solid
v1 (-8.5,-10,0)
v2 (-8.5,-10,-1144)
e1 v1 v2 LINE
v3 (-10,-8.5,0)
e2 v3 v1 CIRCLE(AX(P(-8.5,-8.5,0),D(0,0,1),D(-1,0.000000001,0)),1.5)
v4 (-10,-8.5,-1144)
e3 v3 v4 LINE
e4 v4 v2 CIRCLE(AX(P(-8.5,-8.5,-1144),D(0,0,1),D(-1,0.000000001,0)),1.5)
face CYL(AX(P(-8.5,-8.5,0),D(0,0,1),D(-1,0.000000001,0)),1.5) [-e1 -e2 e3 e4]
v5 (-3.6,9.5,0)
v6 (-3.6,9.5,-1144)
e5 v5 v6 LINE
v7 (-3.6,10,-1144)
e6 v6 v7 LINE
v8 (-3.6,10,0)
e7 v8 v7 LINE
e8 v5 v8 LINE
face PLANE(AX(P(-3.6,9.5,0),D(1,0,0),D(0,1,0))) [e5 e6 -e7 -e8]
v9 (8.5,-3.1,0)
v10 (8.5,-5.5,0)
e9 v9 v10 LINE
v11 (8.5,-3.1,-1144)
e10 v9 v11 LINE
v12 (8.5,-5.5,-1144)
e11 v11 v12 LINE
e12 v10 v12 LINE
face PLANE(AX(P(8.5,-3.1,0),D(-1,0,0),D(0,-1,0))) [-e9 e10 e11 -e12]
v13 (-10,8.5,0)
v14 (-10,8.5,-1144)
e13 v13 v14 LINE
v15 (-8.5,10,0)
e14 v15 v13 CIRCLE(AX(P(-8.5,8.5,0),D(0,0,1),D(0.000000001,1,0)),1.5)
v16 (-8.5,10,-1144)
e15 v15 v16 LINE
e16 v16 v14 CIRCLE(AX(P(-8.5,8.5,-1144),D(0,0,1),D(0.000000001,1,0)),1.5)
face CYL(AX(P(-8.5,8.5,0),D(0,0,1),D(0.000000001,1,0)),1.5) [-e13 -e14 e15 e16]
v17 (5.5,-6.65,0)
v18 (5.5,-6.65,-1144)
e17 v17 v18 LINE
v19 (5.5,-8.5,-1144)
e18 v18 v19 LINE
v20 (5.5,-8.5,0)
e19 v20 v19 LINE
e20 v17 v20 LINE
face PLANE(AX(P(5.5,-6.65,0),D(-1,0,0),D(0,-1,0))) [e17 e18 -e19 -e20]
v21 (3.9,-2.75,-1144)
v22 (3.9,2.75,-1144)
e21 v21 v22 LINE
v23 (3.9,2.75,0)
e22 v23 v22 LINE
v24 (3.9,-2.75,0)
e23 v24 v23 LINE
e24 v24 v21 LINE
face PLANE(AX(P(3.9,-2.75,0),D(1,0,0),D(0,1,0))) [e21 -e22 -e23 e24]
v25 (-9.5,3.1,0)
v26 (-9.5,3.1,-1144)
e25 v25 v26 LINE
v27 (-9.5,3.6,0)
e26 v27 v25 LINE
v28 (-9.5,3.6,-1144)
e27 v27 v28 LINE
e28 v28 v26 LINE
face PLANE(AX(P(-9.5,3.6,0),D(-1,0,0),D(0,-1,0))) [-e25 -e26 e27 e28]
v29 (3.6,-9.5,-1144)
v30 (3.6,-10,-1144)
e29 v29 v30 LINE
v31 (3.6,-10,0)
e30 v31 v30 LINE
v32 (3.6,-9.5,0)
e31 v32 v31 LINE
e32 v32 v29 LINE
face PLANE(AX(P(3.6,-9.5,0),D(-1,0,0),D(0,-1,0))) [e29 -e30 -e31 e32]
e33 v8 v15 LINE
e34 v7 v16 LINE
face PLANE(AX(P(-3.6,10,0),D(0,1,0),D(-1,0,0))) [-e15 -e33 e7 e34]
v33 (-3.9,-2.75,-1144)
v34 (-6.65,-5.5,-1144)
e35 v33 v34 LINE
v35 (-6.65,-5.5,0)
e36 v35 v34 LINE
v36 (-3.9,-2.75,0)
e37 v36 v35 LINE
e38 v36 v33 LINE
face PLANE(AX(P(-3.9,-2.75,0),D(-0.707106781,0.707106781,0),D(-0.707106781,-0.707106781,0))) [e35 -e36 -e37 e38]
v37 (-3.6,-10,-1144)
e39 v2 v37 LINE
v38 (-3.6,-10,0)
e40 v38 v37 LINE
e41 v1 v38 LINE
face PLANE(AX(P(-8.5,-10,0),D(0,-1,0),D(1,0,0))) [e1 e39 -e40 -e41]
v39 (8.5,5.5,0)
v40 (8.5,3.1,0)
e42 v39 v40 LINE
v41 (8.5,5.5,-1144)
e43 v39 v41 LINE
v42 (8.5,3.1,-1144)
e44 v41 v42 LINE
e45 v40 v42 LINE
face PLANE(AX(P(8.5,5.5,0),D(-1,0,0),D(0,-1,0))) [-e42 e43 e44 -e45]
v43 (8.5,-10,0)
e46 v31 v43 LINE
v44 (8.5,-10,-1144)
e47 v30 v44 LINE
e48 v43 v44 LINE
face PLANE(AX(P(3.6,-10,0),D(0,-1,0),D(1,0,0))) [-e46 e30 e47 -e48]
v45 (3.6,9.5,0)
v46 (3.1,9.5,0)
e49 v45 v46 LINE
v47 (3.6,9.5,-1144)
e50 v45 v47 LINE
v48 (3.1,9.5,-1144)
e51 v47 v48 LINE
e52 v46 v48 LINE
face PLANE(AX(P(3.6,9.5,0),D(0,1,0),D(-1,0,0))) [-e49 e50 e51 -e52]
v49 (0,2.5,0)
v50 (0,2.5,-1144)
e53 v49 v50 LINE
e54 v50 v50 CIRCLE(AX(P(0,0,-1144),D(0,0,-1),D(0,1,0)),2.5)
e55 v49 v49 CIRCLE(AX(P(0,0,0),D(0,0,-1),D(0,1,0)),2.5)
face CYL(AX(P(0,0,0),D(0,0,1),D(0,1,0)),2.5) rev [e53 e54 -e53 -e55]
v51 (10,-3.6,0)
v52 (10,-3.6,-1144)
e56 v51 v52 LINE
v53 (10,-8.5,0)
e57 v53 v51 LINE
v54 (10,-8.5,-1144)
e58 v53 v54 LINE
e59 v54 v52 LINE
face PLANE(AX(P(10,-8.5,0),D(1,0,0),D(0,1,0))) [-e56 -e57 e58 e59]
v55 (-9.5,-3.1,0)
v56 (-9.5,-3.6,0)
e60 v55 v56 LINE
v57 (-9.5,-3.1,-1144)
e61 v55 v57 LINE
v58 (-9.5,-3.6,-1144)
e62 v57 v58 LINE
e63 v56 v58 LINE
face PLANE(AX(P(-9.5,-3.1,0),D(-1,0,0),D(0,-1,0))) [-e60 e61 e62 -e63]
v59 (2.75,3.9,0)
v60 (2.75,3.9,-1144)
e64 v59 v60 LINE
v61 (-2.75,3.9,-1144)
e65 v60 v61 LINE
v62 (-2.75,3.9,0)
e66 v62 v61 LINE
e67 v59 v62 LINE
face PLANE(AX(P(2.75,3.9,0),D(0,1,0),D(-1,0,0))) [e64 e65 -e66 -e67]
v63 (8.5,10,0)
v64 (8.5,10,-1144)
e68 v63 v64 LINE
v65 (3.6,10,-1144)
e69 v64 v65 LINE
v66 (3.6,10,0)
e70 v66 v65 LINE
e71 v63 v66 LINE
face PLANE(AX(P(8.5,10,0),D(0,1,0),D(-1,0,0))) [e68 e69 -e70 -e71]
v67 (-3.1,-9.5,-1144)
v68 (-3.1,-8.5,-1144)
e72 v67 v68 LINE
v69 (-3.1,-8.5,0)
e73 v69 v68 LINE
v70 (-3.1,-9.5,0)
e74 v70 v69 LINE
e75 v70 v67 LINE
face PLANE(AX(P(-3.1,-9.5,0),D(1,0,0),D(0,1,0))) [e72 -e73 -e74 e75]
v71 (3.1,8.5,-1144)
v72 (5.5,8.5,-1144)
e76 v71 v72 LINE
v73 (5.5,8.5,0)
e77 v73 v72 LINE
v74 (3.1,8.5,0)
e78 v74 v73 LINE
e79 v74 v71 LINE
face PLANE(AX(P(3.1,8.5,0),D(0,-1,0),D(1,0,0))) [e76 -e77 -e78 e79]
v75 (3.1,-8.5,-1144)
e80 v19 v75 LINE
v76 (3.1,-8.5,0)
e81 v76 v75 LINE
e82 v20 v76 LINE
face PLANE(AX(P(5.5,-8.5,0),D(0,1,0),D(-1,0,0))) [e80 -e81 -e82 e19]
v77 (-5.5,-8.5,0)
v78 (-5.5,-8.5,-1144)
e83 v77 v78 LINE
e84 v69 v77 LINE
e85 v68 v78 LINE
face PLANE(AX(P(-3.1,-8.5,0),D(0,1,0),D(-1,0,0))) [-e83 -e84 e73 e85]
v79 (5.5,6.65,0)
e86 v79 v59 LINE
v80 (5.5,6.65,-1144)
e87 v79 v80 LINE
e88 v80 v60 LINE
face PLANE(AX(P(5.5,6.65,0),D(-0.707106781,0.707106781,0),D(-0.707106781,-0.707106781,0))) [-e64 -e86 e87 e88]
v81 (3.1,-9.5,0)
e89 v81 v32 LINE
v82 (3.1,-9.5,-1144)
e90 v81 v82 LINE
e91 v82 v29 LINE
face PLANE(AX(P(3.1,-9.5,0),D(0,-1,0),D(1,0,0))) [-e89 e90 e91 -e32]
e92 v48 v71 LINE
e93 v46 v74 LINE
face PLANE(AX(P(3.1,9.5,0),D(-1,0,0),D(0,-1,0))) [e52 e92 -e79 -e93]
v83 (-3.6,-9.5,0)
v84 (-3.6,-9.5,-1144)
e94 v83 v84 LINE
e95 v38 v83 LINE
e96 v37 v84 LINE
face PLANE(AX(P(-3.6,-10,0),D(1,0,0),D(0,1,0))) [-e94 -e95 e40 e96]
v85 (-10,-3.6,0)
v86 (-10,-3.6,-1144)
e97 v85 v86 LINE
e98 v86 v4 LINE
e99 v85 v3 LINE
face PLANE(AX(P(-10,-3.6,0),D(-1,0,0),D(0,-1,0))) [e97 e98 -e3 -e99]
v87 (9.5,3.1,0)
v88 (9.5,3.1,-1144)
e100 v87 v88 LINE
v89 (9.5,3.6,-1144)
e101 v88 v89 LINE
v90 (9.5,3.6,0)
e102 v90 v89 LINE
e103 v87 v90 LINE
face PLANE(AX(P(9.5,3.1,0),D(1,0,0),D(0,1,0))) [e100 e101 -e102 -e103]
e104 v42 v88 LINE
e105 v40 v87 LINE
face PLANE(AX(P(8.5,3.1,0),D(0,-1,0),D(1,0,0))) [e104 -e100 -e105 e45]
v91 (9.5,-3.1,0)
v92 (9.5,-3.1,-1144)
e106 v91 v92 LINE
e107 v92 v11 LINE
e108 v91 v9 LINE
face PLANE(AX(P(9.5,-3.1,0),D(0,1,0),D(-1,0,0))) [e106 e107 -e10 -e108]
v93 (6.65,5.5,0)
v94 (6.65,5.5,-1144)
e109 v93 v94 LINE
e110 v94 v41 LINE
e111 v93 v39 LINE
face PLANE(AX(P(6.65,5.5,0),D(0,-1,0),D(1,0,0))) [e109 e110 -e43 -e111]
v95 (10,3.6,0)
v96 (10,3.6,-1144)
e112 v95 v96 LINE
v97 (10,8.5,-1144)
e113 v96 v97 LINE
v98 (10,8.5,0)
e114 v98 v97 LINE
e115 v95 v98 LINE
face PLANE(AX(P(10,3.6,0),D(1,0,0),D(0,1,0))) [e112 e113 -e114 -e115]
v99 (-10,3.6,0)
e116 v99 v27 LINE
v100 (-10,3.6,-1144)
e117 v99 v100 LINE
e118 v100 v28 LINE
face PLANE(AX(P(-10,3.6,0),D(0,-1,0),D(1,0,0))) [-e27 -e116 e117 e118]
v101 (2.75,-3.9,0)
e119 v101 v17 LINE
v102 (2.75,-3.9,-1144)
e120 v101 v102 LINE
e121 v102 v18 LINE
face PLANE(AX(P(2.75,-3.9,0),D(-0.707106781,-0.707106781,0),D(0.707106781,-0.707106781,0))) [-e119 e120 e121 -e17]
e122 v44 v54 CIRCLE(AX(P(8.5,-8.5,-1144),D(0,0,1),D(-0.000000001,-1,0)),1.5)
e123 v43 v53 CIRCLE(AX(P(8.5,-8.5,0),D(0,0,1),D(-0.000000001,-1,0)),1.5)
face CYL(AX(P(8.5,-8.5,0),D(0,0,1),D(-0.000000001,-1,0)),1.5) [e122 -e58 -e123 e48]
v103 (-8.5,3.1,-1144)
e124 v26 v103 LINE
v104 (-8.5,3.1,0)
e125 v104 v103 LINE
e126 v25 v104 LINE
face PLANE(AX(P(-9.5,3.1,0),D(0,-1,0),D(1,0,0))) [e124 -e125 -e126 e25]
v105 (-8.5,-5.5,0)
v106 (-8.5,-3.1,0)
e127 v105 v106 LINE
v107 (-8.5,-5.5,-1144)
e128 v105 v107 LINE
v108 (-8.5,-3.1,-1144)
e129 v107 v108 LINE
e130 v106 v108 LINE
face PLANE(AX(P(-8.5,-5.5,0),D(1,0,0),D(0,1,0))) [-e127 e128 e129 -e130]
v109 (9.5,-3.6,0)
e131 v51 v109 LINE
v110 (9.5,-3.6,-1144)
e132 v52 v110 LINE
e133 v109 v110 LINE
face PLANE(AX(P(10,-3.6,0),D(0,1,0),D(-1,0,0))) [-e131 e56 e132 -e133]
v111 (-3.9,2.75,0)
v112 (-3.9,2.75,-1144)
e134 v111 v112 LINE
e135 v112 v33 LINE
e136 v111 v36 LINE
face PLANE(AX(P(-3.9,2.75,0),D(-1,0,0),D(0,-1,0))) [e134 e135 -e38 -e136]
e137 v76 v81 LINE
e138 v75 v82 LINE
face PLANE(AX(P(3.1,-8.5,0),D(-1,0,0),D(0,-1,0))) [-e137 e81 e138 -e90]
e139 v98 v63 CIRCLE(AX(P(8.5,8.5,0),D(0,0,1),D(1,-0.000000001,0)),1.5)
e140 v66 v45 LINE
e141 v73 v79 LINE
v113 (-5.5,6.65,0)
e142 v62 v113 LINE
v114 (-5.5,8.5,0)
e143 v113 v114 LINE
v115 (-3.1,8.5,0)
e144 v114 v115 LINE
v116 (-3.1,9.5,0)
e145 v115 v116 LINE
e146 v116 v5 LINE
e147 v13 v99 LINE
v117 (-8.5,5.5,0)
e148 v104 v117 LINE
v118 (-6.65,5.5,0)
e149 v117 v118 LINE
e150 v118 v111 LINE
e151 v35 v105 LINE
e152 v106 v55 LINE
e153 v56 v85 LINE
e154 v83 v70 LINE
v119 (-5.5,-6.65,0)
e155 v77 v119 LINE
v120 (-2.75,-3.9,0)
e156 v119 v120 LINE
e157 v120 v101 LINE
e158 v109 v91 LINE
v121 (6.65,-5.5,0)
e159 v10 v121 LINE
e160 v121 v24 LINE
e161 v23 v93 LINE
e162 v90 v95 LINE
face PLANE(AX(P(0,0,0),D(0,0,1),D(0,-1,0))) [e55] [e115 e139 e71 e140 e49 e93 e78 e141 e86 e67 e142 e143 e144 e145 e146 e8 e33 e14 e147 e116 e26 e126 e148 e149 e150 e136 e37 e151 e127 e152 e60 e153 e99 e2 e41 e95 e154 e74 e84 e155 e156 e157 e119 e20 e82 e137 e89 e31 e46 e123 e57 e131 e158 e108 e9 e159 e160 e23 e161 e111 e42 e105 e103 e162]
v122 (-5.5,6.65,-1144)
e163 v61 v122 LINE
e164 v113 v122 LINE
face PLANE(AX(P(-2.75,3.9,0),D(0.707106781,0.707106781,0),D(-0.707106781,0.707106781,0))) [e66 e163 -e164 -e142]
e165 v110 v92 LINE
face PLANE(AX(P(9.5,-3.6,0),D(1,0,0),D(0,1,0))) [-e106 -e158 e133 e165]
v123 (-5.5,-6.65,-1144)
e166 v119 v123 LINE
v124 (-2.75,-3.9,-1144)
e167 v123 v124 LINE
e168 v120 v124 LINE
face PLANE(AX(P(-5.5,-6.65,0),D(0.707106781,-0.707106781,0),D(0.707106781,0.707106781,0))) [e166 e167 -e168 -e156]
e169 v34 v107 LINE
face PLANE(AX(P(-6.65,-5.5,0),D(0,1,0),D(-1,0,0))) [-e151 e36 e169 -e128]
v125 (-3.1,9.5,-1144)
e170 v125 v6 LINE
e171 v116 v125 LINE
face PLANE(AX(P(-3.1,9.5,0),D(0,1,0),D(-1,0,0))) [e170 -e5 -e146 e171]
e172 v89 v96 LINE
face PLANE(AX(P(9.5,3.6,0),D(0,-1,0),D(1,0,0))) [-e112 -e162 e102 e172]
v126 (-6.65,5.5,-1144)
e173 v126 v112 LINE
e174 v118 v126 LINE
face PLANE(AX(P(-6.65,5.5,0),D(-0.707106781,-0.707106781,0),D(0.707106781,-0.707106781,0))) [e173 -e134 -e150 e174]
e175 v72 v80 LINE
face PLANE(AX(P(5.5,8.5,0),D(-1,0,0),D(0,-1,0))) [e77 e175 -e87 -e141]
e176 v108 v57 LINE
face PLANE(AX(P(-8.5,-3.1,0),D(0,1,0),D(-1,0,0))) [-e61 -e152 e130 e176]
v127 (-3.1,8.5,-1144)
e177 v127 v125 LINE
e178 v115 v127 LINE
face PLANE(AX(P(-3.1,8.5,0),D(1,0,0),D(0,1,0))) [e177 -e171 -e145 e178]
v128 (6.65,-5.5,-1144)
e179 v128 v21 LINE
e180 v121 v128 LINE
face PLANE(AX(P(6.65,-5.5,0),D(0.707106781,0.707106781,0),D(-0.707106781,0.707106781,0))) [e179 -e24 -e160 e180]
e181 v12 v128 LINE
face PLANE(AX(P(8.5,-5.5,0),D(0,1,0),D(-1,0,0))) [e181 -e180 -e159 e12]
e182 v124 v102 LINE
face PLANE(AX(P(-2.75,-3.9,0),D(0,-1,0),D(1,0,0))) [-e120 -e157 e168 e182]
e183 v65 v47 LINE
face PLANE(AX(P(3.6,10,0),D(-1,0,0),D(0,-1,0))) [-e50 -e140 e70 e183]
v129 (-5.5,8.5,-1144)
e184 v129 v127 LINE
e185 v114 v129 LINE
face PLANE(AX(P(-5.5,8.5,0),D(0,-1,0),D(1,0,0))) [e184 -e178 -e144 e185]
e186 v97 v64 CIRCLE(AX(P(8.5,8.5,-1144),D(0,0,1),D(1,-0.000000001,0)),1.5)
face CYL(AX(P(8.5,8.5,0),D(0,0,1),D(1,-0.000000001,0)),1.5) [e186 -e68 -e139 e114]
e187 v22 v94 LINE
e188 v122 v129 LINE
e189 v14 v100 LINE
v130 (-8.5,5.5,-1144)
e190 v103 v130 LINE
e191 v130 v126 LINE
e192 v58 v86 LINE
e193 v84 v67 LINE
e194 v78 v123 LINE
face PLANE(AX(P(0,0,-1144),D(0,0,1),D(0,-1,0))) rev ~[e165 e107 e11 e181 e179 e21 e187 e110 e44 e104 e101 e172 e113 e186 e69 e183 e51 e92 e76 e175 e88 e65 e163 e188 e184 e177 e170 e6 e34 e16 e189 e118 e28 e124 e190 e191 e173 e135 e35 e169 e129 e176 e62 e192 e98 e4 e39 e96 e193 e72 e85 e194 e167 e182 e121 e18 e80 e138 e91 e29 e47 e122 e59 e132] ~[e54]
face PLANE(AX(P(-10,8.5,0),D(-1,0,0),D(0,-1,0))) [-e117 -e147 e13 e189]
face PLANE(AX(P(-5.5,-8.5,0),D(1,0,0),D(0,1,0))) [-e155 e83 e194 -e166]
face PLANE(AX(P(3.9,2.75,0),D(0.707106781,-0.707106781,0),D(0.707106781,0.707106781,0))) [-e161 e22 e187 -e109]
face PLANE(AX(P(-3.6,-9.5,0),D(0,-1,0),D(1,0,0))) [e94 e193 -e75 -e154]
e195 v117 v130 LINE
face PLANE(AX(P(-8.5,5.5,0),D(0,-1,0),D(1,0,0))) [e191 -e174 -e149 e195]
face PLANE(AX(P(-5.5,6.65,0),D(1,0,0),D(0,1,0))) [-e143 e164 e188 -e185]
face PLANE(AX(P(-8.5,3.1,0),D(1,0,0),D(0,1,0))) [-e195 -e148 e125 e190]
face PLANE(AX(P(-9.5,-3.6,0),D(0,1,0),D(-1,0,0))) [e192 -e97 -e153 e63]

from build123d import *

# Parameters (mm, degrees)
SKETCH1_R                = 2.5
F_20_X_20_X_R1_5_1_DEPTH = 1144


with BuildPart() as part:
    # Sketch1 → 铝型材 20 X 20 X R1.5(1) (new body)
    with BuildSketch(Plane.YX):
        with BuildLine():
            Line((-3.6, 10), (-3.6, 9.5))
            Line((-3.6, 9.5), (-3.1, 9.5))
            Line((-3.1, 9.5), (-3.1, 8.5))
            Line((-3.1, 8.5), (-5.5, 8.5))
            Line((-5.5, 8.5), (-5.5, 6.65))
            Line((-5.5, 6.65), (-2.75, 3.9))
            Line((-2.75, 3.9), (2.75, 3.9))
            Line((2.75, 3.9), (5.5, 6.65))
            Line((5.5, 6.65), (5.5, 8.5))
            Line((5.5, 8.5), (3.1, 8.5))
            Line((3.1, 8.5), (3.1, 9.5))
            Line((3.1, 9.5), (3.6, 9.5))
            Line((3.6, 9.5), (3.6, 10))
            Line((3.6, 10), (8.5, 10))
            ThreePointArc((8.5, 10), (9.560660172, 9.560660172), (10, 8.5))
            Line((10, 8.5), (10, 3.6))
            Line((10, 3.6), (9.5, 3.6))
            Line((9.5, 3.6), (9.5, 3.1))
            Line((9.5, 3.1), (8.5, 3.1))
            Line((8.5, 3.1), (8.5, 5.5))
            Line((8.5, 5.5), (6.65, 5.5))
            Line((6.65, 5.5), (3.9, 2.75))
            Line((3.9, 2.75), (3.9, -2.75))
            Line((3.9, -2.75), (6.65, -5.5))
            Line((6.65, -5.5), (8.5, -5.5))
            Line((8.5, -5.5), (8.5, -3.1))
            Line((8.5, -3.1), (9.5, -3.1))
            Line((9.5, -3.1), (9.5, -3.6))
            Line((9.5, -3.6), (10, -3.6))
            Line((10, -3.6), (10, -8.5))
            ThreePointArc((10, -8.5), (9.560660172, -9.560660172), (8.5, -10))
            Line((8.5, -10), (3.6, -10))
            Line((3.6, -10), (3.6, -9.5))
            Line((3.6, -9.5), (3.1, -9.5))
            Line((3.1, -9.5), (3.1, -8.5))
            Line((3.1, -8.5), (5.5, -8.5))
            Line((5.5, -8.5), (5.5, -6.65))
            Line((5.5, -6.65), (2.75, -3.9))
            Line((2.75, -3.9), (-2.75, -3.9))
            Line((-2.75, -3.9), (-5.5, -6.65))
            Line((-5.5, -6.65), (-5.5, -8.5))
            Line((-5.5, -8.5), (-3.1, -8.5))
            Line((-3.1, -8.5), (-3.1, -9.5))
            Line((-3.1, -9.5), (-3.6, -9.5))
            Line((-3.6, -9.5), (-3.6, -10))
            Line((-3.6, -10), (-8.5, -10))
            ThreePointArc((-8.5, -10), (-9.560660172, -9.560660172), (-10, -8.5))
            Line((-10, -8.5), (-10, -3.6))
            Line((-10, -3.6), (-9.5, -3.6))
            Line((-9.5, -3.6), (-9.5, -3.1))
            Line((-9.5, -3.1), (-8.5, -3.1))
            Line((-8.5, -3.1), (-8.5, -5.5))
            Line((-8.5, -5.5), (-6.65, -5.5))
            Line((-6.65, -5.5), (-3.9, -2.75))
            Line((-3.9, -2.75), (-3.9, 2.75))
            Line((-3.9, 2.75), (-6.65, 5.5))
            Line((-6.65, 5.5), (-8.5, 5.5))
            Line((-8.5, 5.5), (-8.5, 3.1))
            Line((-8.5, 3.1), (-9.5, 3.1))
            Line((-9.5, 3.1), (-9.5, 3.6))
            Line((-9.5, 3.6), (-10, 3.6))
            Line((-10, 3.6), (-10, 8.5))
            ThreePointArc((-10, 8.5), (-9.560660172, 9.560660172), (-8.5, 10))
            Line((-8.5, 10), (-3.6, 10))
        make_face()
        Circle(SKETCH1_R, mode=Mode.SUBTRACT)
    extrude(amount=F_20_X_20_X_R1_5_1_DEPTH)


solid = part.part
